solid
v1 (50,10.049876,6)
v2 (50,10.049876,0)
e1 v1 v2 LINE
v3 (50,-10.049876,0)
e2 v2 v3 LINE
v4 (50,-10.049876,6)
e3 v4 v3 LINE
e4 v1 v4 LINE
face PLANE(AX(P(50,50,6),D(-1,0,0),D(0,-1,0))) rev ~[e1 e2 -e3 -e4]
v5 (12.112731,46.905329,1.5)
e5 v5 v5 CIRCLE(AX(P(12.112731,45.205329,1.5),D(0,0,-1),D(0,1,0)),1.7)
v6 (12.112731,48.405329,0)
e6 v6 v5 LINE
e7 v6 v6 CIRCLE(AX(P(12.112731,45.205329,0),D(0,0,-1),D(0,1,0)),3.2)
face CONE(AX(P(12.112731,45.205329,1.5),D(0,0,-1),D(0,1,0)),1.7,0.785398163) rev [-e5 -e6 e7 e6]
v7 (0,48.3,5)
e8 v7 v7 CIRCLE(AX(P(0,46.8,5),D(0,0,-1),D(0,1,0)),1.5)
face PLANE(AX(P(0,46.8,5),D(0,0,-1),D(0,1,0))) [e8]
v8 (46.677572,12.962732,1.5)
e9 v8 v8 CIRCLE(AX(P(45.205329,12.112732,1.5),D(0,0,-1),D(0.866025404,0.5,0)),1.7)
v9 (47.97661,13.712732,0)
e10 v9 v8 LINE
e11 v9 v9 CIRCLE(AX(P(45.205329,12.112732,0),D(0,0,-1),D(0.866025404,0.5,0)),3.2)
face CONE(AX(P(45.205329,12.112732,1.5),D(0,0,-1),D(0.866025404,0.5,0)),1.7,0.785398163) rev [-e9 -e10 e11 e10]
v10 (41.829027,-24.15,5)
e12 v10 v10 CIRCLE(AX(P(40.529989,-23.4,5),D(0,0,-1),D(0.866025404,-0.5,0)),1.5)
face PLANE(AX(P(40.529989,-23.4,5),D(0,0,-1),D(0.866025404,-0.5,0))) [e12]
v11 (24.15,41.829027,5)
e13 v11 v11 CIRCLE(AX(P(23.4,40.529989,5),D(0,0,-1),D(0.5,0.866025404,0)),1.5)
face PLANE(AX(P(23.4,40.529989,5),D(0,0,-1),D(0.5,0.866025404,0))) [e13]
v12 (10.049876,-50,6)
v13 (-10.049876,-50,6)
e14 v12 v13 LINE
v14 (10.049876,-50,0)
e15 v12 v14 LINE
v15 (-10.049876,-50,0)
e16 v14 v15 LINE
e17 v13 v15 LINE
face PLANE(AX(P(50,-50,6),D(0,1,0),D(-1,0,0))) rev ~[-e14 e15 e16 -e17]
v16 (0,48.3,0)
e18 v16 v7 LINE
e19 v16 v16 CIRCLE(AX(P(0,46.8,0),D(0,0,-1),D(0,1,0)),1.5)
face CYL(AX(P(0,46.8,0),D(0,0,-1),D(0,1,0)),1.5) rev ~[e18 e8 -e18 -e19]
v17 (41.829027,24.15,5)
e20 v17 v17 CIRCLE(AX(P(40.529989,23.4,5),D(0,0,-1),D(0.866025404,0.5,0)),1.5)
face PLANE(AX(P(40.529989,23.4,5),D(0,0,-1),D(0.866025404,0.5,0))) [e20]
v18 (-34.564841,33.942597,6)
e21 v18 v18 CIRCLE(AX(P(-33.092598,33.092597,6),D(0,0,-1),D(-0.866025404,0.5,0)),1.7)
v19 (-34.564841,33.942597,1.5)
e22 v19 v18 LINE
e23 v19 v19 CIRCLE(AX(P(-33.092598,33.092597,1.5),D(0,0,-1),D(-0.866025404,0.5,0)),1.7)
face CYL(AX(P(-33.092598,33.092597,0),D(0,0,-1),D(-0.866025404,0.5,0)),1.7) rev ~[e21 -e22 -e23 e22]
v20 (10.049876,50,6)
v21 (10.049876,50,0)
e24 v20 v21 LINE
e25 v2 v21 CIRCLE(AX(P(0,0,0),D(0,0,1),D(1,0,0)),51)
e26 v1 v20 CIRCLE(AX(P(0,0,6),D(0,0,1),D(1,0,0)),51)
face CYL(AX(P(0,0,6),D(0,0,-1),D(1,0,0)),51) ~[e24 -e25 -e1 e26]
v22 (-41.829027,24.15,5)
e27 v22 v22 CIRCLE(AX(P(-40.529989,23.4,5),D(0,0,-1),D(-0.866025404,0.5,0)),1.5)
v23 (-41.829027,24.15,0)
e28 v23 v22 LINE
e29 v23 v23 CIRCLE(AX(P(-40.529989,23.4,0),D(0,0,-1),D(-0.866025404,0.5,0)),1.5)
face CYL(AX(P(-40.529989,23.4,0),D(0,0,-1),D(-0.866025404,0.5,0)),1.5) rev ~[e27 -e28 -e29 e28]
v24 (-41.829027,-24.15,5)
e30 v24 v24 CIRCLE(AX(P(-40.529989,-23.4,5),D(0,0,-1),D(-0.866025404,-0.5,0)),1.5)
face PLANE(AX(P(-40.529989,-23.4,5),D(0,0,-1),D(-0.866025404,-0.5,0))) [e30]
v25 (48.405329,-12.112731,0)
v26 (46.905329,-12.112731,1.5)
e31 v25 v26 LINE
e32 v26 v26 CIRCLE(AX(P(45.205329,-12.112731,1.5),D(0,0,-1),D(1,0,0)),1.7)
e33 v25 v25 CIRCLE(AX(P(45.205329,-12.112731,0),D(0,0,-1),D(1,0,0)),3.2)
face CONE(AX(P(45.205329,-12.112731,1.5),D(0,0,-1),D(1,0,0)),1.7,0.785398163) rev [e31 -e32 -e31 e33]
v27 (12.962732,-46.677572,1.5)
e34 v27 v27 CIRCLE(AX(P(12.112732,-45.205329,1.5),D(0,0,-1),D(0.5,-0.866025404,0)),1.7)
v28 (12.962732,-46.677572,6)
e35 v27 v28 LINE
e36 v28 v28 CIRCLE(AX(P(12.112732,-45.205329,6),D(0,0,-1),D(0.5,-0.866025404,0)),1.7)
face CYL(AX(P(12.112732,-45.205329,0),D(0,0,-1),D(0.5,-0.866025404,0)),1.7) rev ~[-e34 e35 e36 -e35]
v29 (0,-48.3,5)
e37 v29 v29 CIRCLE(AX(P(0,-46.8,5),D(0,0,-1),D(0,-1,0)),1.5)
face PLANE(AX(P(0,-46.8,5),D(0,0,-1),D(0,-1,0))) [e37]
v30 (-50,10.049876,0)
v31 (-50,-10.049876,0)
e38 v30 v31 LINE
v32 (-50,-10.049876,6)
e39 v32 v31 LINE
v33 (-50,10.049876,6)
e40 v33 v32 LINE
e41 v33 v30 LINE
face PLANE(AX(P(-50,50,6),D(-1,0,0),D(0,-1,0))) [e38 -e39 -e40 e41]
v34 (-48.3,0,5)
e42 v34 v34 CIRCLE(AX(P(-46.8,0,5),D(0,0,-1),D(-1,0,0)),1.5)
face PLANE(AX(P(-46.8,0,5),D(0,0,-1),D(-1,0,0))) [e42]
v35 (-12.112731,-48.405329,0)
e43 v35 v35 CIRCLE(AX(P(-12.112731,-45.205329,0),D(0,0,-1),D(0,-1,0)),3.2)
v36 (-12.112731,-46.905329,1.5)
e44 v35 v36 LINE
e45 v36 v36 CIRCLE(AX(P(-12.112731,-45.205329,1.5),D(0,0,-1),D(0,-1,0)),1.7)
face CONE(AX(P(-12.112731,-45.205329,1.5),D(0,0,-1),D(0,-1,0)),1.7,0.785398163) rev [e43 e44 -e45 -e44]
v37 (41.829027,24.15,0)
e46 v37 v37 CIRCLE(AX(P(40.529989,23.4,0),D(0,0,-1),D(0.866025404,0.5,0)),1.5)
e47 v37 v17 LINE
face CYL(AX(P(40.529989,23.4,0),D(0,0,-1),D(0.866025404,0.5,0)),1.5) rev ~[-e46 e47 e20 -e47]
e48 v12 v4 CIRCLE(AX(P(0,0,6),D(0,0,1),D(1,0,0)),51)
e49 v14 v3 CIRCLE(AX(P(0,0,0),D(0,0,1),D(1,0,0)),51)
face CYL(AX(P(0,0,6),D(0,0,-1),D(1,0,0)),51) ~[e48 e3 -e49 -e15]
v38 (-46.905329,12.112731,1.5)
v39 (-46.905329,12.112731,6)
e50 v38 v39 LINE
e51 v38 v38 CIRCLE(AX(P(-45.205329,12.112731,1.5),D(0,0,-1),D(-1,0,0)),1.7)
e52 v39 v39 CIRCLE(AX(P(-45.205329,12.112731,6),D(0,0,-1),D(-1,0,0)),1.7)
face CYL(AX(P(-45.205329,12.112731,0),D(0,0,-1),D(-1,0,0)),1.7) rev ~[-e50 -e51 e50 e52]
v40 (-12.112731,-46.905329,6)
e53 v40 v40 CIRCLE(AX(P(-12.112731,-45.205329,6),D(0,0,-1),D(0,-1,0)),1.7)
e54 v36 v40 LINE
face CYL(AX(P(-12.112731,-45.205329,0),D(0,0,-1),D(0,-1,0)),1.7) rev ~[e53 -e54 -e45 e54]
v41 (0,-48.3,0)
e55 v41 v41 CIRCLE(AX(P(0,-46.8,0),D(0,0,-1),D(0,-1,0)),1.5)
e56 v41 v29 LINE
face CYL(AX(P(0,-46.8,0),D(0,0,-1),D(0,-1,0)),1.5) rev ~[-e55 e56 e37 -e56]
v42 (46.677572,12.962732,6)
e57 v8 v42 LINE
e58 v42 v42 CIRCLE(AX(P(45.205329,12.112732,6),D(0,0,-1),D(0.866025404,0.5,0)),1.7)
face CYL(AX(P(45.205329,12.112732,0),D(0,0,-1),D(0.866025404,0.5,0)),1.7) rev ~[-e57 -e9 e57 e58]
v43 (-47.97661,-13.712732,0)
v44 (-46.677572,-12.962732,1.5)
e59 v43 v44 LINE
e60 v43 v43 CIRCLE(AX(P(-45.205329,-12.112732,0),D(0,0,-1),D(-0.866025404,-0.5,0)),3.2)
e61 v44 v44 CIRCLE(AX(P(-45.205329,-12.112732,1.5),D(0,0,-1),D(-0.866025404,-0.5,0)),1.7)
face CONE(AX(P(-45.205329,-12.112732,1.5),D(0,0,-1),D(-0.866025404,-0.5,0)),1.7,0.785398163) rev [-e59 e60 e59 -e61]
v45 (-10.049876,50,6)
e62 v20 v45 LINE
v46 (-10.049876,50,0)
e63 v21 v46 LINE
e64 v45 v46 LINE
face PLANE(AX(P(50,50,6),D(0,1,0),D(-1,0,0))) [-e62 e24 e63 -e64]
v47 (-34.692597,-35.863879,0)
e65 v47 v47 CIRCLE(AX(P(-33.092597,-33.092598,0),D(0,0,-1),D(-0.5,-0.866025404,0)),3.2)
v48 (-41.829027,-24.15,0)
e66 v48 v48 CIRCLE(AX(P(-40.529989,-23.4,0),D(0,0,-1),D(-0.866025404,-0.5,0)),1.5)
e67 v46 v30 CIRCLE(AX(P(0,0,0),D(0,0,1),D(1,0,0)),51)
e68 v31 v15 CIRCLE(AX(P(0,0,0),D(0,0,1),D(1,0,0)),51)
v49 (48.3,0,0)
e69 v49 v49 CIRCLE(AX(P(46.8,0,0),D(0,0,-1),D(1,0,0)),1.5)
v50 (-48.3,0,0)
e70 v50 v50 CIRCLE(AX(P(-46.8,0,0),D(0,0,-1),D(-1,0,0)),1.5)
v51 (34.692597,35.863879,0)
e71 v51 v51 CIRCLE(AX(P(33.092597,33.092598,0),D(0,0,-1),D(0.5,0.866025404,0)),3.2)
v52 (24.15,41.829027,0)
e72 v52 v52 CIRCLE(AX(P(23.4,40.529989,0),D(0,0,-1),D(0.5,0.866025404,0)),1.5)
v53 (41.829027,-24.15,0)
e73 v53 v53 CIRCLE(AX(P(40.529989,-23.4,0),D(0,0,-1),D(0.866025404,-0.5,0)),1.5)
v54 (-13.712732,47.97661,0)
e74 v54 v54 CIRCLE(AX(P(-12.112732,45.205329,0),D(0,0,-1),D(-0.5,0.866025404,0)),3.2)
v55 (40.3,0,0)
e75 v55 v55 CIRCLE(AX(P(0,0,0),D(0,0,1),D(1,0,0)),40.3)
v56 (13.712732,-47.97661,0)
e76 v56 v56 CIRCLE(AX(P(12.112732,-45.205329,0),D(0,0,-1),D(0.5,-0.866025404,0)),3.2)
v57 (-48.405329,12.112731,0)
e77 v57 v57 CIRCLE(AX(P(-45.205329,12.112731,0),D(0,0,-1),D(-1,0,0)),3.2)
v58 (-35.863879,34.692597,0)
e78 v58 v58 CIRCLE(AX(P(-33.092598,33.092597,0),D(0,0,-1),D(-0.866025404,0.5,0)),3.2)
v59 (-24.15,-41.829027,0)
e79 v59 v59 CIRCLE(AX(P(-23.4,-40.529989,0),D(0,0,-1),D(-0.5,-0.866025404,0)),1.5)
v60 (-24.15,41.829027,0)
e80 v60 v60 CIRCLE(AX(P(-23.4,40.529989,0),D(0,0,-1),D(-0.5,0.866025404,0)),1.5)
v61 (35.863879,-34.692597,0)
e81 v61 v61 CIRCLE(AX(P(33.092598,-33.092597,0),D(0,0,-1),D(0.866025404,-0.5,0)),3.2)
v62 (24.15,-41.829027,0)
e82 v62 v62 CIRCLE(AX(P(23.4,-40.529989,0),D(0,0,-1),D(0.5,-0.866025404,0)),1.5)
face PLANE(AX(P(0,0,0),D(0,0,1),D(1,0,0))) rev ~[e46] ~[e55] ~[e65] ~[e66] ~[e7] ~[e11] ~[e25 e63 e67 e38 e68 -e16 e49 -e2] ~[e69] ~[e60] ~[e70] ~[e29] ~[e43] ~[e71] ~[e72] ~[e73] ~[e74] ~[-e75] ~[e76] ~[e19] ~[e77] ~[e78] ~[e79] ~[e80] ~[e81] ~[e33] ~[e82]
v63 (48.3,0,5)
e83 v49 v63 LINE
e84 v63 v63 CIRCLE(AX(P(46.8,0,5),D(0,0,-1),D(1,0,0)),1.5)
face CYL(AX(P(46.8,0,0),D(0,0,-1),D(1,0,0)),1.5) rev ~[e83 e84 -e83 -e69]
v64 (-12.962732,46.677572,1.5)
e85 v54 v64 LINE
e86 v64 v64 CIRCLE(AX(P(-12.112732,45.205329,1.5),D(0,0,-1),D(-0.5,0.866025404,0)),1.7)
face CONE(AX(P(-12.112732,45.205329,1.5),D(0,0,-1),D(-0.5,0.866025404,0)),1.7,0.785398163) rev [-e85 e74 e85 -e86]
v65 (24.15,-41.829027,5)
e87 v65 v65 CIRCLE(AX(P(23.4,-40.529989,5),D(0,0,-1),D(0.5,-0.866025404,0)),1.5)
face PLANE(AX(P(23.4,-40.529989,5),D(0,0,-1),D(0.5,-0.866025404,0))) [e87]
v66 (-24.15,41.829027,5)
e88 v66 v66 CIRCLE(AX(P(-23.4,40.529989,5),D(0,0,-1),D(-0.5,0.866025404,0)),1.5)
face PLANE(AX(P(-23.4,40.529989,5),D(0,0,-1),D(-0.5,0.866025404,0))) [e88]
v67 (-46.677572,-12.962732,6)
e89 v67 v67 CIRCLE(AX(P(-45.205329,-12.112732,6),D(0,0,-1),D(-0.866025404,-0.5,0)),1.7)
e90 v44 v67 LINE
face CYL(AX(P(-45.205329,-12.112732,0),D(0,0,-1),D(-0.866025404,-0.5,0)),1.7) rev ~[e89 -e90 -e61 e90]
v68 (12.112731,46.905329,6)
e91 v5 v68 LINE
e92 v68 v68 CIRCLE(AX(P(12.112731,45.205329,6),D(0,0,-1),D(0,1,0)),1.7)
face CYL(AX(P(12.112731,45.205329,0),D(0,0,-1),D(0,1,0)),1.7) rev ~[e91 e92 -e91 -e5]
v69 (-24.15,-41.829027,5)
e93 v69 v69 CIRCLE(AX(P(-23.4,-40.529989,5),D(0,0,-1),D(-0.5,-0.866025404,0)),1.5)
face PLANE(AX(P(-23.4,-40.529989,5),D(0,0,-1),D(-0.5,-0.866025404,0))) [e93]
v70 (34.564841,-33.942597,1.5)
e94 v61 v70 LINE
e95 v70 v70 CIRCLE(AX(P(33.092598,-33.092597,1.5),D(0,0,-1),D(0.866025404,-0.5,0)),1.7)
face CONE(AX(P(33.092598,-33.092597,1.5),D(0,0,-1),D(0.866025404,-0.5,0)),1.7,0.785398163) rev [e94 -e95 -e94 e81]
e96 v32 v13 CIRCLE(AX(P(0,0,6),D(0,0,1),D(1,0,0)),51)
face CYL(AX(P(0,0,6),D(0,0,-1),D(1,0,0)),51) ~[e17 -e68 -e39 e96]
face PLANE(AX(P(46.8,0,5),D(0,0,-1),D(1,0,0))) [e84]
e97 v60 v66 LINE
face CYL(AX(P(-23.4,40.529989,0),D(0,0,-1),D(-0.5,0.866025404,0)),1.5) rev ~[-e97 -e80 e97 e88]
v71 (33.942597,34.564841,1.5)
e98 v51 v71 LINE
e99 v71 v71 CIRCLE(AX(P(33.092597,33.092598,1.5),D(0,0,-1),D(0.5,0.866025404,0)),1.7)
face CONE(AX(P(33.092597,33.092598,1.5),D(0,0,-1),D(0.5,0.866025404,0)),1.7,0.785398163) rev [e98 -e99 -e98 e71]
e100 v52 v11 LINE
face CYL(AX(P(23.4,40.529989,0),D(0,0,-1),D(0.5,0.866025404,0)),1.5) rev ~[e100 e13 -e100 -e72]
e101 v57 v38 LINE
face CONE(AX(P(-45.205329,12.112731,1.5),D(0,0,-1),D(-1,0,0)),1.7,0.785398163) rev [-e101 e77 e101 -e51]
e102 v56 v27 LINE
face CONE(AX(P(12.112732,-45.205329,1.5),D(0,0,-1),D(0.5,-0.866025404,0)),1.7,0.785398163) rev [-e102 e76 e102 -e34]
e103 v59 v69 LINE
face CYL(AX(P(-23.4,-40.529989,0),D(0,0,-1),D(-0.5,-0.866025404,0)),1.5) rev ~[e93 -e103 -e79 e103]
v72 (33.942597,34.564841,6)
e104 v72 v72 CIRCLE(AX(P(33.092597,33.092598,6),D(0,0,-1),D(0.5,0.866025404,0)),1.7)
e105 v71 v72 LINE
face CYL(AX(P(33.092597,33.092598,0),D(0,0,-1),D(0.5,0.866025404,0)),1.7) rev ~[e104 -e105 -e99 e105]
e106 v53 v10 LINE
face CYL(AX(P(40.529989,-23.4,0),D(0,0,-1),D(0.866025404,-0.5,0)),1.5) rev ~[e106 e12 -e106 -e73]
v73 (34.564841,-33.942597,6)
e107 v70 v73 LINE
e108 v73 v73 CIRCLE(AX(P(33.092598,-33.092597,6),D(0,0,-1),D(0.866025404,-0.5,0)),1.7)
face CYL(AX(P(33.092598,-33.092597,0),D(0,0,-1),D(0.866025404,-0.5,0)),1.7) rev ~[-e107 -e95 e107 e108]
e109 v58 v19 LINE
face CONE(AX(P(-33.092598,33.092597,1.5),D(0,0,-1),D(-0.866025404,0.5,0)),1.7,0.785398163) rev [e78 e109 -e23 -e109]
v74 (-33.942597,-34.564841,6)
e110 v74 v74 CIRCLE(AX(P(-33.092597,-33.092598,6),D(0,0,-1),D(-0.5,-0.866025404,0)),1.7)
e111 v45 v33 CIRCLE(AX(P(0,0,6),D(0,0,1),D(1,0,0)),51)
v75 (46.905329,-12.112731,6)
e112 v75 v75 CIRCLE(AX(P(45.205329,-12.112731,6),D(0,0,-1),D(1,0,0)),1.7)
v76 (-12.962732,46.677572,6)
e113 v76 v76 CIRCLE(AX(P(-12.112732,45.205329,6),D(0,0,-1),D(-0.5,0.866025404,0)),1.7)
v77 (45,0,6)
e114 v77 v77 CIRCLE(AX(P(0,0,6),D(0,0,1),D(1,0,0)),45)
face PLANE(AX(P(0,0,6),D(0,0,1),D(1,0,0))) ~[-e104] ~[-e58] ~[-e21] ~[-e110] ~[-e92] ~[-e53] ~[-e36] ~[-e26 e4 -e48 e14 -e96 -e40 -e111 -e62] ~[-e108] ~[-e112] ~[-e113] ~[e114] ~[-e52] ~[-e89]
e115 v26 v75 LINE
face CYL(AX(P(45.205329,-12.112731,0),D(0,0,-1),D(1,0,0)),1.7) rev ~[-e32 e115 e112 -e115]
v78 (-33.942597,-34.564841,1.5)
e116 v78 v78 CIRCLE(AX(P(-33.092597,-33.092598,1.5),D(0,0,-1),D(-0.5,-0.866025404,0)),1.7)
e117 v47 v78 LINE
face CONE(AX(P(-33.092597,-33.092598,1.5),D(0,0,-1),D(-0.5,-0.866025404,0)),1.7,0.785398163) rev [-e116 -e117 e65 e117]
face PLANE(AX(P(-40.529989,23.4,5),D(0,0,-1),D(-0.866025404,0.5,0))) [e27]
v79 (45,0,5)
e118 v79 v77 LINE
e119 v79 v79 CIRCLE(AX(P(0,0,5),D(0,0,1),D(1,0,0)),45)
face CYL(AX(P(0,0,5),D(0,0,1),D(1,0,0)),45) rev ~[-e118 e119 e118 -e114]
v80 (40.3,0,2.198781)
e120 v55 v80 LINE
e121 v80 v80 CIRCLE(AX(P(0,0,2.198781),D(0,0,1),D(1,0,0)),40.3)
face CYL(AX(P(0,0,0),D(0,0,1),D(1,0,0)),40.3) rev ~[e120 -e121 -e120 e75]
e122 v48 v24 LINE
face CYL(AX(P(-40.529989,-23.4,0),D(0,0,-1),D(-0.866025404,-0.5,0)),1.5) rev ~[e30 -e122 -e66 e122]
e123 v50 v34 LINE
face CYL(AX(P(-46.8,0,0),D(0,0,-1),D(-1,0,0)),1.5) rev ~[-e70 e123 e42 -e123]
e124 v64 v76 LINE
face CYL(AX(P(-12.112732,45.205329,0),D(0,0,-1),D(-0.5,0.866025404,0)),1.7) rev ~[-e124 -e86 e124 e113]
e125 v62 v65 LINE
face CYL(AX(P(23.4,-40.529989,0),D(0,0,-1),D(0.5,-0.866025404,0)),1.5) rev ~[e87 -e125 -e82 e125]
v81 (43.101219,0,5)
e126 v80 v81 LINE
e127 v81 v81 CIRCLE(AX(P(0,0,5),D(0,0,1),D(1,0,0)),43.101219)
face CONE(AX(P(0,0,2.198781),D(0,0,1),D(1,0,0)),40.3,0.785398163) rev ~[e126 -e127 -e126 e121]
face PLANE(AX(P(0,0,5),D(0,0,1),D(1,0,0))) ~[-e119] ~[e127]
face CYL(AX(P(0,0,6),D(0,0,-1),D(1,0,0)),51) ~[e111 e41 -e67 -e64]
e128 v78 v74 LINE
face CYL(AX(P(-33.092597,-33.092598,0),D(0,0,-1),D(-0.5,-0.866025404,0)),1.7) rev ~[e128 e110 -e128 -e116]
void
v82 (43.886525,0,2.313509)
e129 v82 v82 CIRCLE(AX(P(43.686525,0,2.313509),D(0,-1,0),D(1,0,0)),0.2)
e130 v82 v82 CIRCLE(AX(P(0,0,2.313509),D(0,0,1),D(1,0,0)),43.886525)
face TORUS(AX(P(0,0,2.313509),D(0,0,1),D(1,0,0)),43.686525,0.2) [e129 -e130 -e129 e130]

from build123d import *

# Parameters (mm, degrees)
SKETCH013_R           = 0.2
SKETCH_R              = 1.7
POCKET_DEPTH          = 294.750026
POLARPATTERN_COUNT    = 12
CHAMFER_SIZE          = 1.5
CHAMFER001_SIZE       = 1.5
CHAMFER002_SIZE       = 1.5
CHAMFER003_SIZE       = 1.5
CHAMFER004_SIZE       = 1.5
CHAMFER005_SIZE       = 1.5
CHAMFER006_SIZE       = 1.5
CHAMFER007_SIZE       = 1.5
CHAMFER008_SIZE       = 1.5
CHAMFER009_SIZE       = 1.5
SKETCH014_R           = 1.5
POCKET001_DEPTH       = 5
POLARPATTERN001_COUNT = 12
SKETCH015_W           = 130
SKETCH015_H           = 130
SKETCH015_W_2         = 100
SKETCH015_H_2         = 100
POCKET002_DEPTH       = 6.001
CHAMFER010_SIZE       = 1.5
CHAMFER011_SIZE       = 1.5


with BuildPart() as part:
    # Sketch013 → Revolution (revolve)
    with BuildSketch(Plane.XZ):
        Polygon((40.3, 0), (40.3, 2.198781), (43.101219, 5), (45, 5), (45, 6), (51, 6), (51, 0), align=None)
        with Locations((43.686525, 2.313509)):
            Circle(SKETCH013_R, mode=Mode.SUBTRACT)
    revolve(axis=Axis((0, 0, 0), (0, 0, 1)))

    # Sketch → Pocket (cut, through all)
    with BuildSketch(Plane(origin=(0, 0, 0), x_dir=(1, 0, 0), z_dir=(0, 0, -1))):
        with Locations((45.205329, 12.112731)):
            Circle(SKETCH_R)
    pocket = extrude(amount=-POCKET_DEPTH, mode=Mode.SUBTRACT)

    # PolarPattern: Pocket ×12 about axis
    polarpattern_axis = Axis((0, 0, 0), (0, 0, -1))
    for i in range(1, POLARPATTERN_COUNT):
        add(pocket.rotate(polarpattern_axis, i * 360 / POLARPATTERN_COUNT), mode=Mode.SUBTRACT)

    # Chamfer
    chamfer_edges = [part.edges().sort_by_distance(p)[0] for p in [
        (11.262731, -43.733085, 0),
    ]]
    chamfer(chamfer_edges, length=CHAMFER_SIZE)

    # Chamfer001
    chamfer001_edges = [part.edges().sort_by_distance(p)[0] for p in [
        (31.620354, -32.242597, 0),
    ]]
    chamfer(chamfer001_edges, length=CHAMFER001_SIZE)

    # Chamfer002
    chamfer002_edges = [part.edges().sort_by_distance(p)[0] for p in [
        (-43.505329, 12.112731, 0),
    ]]
    chamfer(chamfer002_edges, length=CHAMFER002_SIZE)

    # Chamfer003
    chamfer003_edges = [part.edges().sort_by_distance(p)[0] for p in [
        (43.733085, 11.262731, 0),
    ]]
    chamfer(chamfer003_edges, length=CHAMFER003_SIZE)

    # Chamfer004
    chamfer004_edges = [part.edges().sort_by_distance(p)[0] for p in [
        (32.242597, 31.620354, 0),
    ]]
    chamfer(chamfer004_edges, length=CHAMFER004_SIZE)

    # Chamfer005
    chamfer005_edges = [part.edges().sort_by_distance(p)[0] for p in [
        (-43.733085, -11.262731, 0),
    ]]
    chamfer(chamfer005_edges, length=CHAMFER005_SIZE)

    # Chamfer006
    chamfer006_edges = [part.edges().sort_by_distance(p)[0] for p in [
        (12.112731, 43.505329, 0),
    ]]
    chamfer(chamfer006_edges, length=CHAMFER006_SIZE)

    # Chamfer007
    chamfer007_edges = [part.edges().sort_by_distance(p)[0] for p in [
        (-32.242597, -31.620354, 0),
    ]]
    chamfer(chamfer007_edges, length=CHAMFER007_SIZE)

    # Chamfer008
    chamfer008_edges = [part.edges().sort_by_distance(p)[0] for p in [
        (-31.620354, 32.242597, 0),
    ]]
    chamfer(chamfer008_edges, length=CHAMFER008_SIZE)

    # Chamfer009
    chamfer009_edges = [part.edges().sort_by_distance(p)[0] for p in [
        (-11.262731, 43.733085, 0),
    ]]
    chamfer(chamfer009_edges, length=CHAMFER009_SIZE)

    # Sketch014 → Pocket001 (cut)
    with BuildSketch(Plane(origin=(0, 0, 0), x_dir=(1, 0, 0), z_dir=(0, 0, -1))):
        with Locations((46.8, 0)):
            Circle(SKETCH014_R)
    pocket001 = extrude(amount=-POCKET001_DEPTH, mode=Mode.SUBTRACT)

    # PolarPattern001: Pocket001 ×12 about axis
    polarpattern001_axis = Axis((0, 0, 0), (0, 0, -1))
    for i in range(1, POLARPATTERN001_COUNT):
        add(pocket001.rotate(polarpattern001_axis, i * 360 / POLARPATTERN001_COUNT), mode=Mode.SUBTRACT)

    # Sketch015 → Pocket002 (cut, through all)
    with BuildSketch(Plane(origin=(0, 0, 6), x_dir=(-1, 0, 0), z_dir=(0, 0, 1))):
        Rectangle(SKETCH015_W, SKETCH015_H)
        Rectangle(SKETCH015_W_2, SKETCH015_H_2, mode=Mode.SUBTRACT)
    extrude(amount=-POCKET002_DEPTH, mode=Mode.SUBTRACT)

    # Chamfer010
    chamfer010_edges = [part.edges().sort_by_distance(p)[0] for p in [
        (-12.112731, -43.505329, 0),
    ]]
    chamfer(chamfer010_edges, length=CHAMFER010_SIZE)

    # Chamfer011
    chamfer011_edges = [part.edges().sort_by_distance(p)[0] for p in [
        (43.505329, -12.112731, 0),
    ]]
    chamfer(chamfer011_edges, length=CHAMFER011_SIZE)


solid = part.part
